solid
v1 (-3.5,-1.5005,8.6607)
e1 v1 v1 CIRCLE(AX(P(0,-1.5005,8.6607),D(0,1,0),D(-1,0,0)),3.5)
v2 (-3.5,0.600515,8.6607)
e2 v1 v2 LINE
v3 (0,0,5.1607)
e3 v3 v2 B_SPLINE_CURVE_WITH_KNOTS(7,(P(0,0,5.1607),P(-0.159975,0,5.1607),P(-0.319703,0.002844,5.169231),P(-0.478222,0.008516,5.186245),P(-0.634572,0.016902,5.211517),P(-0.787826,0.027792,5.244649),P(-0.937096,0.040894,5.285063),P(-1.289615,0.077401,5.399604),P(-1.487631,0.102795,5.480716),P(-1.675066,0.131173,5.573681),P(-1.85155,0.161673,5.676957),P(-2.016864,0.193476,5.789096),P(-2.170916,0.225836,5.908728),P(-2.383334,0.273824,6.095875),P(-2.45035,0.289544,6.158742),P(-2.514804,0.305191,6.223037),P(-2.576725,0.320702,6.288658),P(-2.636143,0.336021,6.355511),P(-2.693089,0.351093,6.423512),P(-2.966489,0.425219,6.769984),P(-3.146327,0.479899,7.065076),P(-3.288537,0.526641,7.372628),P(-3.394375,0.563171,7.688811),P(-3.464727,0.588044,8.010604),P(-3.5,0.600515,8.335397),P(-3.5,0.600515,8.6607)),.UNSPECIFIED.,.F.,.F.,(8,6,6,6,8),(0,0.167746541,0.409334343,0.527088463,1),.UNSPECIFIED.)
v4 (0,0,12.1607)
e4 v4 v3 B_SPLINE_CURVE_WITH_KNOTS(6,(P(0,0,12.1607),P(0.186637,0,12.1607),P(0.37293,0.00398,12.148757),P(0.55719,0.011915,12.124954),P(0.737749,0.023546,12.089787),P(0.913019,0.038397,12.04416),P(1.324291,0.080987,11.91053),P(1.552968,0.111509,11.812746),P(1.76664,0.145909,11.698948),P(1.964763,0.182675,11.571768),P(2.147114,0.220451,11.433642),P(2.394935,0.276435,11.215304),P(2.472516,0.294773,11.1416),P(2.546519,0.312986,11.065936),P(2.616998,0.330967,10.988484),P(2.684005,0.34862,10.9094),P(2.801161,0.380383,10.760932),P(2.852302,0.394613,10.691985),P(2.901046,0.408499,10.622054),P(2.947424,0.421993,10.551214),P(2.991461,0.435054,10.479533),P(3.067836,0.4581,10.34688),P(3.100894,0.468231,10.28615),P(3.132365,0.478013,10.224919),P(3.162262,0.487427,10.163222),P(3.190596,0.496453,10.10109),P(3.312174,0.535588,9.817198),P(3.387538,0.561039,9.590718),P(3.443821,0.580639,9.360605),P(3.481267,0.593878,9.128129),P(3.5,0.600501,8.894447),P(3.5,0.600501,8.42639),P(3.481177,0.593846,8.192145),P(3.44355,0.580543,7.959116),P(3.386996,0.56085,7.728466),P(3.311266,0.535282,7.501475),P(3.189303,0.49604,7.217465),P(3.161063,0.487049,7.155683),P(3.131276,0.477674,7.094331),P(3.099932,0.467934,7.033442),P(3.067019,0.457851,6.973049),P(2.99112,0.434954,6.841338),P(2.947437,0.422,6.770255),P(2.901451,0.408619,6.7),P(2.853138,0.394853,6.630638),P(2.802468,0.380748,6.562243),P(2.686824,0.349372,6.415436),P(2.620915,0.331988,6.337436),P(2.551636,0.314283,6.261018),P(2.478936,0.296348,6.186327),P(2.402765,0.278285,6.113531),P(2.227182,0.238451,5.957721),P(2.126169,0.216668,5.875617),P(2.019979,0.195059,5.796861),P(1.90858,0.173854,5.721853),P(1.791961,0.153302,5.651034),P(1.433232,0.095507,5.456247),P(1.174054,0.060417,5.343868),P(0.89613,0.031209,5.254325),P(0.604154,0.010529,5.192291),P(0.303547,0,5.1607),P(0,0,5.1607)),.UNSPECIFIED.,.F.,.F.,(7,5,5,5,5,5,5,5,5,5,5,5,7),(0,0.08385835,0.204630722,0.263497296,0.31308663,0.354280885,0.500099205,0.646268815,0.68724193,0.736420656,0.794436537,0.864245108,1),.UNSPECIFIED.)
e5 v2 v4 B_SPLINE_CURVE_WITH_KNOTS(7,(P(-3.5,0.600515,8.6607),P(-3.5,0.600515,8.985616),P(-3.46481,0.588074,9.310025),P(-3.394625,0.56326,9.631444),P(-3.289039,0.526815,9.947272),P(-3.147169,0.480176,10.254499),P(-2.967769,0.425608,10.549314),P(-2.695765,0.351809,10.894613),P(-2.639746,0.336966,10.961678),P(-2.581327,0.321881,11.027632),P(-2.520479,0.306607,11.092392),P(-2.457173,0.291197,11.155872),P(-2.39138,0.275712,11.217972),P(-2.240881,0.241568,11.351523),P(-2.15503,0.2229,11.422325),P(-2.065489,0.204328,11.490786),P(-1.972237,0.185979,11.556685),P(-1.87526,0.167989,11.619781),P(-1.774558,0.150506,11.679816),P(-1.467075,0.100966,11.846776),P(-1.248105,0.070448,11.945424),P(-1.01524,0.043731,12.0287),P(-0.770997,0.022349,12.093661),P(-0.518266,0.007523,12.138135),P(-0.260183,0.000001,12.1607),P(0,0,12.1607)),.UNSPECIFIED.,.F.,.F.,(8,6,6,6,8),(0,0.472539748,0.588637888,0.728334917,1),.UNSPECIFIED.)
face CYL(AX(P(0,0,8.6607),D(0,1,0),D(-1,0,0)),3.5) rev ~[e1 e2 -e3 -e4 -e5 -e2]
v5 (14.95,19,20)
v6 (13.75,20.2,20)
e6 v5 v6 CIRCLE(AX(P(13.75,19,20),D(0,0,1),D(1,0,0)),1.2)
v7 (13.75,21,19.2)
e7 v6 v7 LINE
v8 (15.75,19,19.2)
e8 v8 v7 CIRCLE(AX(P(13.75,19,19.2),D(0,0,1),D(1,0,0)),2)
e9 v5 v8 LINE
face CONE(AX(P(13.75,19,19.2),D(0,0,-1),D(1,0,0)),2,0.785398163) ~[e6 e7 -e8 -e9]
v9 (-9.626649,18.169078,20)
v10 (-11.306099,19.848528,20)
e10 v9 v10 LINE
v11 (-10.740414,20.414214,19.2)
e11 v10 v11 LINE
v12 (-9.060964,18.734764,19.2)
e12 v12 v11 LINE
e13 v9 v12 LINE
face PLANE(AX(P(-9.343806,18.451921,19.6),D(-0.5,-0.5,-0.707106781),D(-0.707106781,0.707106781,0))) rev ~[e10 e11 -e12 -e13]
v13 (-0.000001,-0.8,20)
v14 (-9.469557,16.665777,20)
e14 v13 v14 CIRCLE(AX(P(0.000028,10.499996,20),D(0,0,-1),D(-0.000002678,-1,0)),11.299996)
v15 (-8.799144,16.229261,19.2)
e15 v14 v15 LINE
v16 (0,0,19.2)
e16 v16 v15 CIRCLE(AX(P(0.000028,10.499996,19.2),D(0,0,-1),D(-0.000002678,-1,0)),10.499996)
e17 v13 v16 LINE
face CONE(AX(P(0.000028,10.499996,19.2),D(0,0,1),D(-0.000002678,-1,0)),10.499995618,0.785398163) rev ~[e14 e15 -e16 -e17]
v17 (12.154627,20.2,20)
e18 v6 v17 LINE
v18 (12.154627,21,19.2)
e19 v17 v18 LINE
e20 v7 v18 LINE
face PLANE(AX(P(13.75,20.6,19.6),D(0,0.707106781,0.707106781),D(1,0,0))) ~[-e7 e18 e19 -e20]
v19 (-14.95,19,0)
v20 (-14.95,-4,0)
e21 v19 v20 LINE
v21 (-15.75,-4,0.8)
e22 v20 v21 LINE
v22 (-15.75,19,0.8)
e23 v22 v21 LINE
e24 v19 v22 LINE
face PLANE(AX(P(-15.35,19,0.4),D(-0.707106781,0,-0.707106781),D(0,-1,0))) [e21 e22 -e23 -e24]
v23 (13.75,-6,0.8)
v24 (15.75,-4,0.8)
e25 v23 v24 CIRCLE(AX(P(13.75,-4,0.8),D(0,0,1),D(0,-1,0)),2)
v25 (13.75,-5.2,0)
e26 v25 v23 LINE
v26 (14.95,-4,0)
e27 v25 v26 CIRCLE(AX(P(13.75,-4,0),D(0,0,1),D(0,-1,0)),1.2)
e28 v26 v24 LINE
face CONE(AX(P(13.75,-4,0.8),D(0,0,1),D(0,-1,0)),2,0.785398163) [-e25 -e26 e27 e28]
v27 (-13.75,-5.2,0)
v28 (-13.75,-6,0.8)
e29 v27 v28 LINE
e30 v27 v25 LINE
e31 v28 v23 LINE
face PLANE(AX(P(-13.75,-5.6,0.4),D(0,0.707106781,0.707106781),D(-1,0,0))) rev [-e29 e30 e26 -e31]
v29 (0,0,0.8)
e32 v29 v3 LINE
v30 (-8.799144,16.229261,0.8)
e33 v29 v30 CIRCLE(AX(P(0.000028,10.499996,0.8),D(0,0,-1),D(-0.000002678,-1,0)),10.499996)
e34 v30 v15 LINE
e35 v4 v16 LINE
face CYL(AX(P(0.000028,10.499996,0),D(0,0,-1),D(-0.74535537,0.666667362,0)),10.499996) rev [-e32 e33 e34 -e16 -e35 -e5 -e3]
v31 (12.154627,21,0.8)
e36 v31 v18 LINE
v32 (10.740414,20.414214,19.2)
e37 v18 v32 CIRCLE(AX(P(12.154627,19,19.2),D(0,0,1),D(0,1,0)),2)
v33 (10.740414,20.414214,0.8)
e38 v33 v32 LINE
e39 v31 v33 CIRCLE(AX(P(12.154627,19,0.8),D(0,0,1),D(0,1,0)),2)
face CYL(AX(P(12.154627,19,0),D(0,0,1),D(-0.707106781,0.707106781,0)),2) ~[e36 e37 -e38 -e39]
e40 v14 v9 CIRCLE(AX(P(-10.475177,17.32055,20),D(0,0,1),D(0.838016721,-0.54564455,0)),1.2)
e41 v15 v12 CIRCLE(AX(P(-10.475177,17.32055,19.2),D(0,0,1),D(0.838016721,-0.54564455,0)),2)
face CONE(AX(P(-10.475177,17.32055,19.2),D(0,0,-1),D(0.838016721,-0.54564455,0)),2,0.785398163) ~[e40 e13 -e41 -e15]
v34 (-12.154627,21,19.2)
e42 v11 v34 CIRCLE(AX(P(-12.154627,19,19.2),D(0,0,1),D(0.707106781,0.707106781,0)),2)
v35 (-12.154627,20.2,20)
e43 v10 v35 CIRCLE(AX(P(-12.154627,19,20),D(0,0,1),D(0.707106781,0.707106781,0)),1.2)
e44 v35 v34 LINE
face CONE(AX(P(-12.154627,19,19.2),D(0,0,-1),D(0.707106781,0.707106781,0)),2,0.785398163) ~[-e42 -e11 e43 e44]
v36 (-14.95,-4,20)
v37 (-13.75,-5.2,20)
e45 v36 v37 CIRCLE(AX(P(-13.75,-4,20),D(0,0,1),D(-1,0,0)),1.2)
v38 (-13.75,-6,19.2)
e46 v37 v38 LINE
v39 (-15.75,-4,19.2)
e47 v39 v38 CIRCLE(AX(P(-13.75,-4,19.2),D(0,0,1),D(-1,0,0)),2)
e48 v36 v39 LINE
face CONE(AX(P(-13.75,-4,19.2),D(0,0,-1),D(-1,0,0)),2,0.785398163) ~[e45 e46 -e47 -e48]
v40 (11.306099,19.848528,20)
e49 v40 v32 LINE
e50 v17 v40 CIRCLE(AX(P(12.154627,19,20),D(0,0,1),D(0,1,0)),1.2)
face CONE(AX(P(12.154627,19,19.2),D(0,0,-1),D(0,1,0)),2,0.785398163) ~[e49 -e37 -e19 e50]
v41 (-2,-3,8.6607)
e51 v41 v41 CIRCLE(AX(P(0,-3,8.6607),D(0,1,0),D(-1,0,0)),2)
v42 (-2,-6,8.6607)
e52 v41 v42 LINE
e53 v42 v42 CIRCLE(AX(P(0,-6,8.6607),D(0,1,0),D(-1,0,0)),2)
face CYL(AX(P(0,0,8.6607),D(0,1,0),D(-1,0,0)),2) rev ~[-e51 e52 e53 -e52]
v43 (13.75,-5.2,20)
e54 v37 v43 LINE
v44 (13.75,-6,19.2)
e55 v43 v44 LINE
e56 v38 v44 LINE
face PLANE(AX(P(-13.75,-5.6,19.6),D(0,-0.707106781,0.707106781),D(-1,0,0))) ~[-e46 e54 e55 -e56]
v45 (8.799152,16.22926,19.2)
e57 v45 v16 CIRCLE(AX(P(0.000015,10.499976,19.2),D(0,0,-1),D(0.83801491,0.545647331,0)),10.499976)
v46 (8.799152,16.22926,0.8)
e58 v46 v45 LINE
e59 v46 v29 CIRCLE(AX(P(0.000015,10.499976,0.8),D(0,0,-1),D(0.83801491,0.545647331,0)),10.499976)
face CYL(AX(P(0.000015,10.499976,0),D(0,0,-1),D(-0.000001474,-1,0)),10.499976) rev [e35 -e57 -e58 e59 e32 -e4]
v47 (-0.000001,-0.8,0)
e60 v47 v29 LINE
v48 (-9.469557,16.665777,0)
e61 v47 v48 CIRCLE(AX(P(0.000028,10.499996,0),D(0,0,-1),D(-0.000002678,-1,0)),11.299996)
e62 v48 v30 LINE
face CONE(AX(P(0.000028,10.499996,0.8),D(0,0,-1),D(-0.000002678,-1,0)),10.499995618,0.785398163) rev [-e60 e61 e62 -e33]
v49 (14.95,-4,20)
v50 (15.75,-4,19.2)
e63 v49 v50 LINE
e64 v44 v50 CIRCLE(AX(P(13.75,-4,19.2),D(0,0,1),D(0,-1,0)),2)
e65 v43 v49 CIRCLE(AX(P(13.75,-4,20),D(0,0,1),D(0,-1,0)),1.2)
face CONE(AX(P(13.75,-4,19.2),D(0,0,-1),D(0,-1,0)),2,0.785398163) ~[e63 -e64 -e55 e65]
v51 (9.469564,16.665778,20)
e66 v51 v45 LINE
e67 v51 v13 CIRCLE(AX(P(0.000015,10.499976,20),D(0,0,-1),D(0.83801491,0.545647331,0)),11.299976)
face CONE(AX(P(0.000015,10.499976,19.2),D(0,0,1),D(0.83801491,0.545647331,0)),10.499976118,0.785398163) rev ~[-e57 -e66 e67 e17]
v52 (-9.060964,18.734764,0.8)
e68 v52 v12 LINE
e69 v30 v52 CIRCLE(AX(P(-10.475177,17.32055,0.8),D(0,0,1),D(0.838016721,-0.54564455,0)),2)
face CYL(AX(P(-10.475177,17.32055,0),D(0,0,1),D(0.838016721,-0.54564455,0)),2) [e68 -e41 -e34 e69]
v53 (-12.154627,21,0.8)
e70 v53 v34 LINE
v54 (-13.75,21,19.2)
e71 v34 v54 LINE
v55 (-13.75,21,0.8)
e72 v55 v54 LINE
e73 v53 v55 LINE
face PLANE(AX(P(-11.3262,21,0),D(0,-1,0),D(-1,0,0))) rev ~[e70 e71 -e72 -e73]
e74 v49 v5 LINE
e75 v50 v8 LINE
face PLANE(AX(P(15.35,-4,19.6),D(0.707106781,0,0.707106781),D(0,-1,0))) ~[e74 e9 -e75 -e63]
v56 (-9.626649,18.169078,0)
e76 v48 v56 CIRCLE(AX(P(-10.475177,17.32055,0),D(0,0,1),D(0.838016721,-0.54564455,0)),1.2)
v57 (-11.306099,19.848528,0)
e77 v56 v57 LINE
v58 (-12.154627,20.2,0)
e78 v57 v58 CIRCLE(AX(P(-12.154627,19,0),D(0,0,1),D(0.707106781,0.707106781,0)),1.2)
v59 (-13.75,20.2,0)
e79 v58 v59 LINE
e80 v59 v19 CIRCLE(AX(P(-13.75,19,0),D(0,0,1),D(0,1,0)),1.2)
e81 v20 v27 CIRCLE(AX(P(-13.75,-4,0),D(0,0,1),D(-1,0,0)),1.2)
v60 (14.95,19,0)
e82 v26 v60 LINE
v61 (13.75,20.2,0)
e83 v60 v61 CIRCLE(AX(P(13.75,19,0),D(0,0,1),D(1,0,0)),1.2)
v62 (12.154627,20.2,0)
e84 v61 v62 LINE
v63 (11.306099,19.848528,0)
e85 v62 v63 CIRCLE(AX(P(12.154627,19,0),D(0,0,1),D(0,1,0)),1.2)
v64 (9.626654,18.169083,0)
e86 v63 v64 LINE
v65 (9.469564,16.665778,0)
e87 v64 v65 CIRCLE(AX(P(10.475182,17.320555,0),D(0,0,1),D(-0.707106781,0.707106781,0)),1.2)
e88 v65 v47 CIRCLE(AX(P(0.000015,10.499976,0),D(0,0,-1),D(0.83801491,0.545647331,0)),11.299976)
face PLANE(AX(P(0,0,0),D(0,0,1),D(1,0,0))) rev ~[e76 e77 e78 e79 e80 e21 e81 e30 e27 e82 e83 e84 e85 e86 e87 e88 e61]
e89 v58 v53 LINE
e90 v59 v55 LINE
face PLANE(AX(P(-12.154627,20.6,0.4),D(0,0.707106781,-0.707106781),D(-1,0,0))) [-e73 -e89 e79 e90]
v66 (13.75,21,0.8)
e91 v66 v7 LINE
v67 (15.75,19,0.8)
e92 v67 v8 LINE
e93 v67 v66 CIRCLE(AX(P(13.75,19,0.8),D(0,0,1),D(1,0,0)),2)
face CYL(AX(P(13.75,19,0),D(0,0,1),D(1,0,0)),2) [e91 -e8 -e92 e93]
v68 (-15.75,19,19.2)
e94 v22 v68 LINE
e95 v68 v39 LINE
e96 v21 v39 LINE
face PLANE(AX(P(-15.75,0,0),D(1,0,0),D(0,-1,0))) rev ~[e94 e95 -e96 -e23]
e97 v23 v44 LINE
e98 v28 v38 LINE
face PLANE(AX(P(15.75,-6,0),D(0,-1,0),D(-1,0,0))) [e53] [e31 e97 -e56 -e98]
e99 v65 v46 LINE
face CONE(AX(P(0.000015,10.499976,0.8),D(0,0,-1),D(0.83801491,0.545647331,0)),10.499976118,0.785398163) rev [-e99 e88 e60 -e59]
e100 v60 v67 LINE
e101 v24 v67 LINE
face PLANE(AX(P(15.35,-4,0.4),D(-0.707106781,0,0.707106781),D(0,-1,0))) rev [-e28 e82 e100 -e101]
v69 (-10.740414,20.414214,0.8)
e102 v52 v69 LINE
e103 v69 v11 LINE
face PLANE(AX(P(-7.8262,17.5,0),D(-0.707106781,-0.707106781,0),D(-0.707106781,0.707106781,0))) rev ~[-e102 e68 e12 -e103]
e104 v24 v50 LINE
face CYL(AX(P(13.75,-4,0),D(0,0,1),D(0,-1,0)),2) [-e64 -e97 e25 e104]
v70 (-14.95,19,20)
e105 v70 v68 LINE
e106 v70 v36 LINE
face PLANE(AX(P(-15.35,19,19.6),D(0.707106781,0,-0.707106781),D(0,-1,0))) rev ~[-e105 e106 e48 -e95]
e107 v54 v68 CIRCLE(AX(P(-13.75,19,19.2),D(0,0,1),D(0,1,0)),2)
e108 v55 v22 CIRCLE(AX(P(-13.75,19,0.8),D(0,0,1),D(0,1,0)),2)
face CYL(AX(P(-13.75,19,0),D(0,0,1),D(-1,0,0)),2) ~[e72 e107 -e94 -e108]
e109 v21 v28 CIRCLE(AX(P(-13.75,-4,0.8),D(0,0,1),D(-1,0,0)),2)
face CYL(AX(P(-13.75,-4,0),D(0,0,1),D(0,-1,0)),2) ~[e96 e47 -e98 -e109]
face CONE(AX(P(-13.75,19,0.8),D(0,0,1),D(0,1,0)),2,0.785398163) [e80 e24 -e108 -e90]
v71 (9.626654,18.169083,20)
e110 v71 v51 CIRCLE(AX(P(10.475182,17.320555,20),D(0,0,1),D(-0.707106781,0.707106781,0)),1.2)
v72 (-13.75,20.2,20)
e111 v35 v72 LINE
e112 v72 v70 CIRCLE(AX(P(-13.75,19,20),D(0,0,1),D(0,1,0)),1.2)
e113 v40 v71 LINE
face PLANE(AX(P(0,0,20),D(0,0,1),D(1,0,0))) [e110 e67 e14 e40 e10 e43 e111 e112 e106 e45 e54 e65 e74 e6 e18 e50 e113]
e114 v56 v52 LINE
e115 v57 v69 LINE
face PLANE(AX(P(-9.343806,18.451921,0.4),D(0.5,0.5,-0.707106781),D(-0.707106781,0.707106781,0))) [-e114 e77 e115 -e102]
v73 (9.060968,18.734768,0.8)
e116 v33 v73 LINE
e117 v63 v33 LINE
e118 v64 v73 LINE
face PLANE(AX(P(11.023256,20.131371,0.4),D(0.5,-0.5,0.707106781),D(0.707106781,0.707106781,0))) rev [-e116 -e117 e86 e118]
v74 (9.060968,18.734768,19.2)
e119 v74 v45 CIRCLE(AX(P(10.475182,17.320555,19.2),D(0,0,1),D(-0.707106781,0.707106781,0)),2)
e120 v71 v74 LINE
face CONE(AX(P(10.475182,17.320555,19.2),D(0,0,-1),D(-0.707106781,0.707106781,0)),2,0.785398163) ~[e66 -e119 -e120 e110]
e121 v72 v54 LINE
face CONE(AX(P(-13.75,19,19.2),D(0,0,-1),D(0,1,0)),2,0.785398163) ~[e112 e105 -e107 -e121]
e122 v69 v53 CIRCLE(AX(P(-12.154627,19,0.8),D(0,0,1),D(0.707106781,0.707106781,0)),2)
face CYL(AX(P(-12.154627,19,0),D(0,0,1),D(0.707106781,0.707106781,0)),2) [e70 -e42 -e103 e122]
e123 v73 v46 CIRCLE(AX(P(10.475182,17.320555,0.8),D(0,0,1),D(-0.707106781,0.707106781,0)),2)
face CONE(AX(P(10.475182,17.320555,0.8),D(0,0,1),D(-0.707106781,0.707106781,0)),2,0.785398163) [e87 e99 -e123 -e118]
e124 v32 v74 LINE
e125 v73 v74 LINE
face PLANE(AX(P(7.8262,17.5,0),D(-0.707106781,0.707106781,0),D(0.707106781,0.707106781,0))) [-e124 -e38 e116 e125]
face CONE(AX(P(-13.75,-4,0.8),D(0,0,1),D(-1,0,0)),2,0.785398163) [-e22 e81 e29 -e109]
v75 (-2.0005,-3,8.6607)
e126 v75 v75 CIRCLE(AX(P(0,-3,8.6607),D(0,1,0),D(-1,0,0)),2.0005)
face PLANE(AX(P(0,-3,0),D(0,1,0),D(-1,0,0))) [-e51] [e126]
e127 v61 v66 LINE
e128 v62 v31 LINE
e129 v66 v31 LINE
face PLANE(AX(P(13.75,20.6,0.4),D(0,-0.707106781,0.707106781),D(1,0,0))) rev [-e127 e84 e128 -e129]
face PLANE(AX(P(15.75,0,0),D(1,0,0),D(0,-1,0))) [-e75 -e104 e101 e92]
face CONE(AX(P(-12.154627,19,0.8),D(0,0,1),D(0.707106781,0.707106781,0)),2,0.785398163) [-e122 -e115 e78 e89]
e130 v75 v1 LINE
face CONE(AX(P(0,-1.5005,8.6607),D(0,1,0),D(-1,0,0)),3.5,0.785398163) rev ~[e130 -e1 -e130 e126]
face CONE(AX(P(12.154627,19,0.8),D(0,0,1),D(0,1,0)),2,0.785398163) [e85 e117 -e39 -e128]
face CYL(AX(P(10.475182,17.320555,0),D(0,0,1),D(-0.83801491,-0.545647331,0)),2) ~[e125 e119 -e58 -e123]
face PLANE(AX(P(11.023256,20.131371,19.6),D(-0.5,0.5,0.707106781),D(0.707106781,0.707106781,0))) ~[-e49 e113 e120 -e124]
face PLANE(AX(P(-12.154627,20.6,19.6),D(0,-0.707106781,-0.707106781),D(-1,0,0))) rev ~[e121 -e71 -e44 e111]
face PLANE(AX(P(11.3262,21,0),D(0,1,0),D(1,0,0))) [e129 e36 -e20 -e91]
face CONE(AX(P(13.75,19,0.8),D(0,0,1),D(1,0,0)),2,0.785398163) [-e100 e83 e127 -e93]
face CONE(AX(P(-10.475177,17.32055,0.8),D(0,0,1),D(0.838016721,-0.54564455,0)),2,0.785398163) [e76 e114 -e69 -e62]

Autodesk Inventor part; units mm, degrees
ref_plane "YZ Plane" through (0, 0, 0) normal (1, 0, 0) x (0, 1, 0)
ref_plane "XZ Plane" through (0, 0, 0) normal (0, 1, 0) x (-1, 0, 0)
ref_plane "XY Plane" through (0, 0, 0) normal (0, 0, 1) x (1, 0, 0)
sketch "Sketch1" plane through (0, 0, 0) normal (0, 0, 1) x (1, 0, 0)
  arc A0 (0, 0) -> (7.8262, 17.5) centre (0, 10.5) ccw
  line L0 (0, 26.4) -> (0, -11.4) projected
  line L1 (-48.3956, 0) -> (48.6087, 0) projected
  line L2 (7.8262, 17.5) -> (11.3262, 21)
  line L3 (11.3262, 21) -> (15.75, 21)
  line L4 (15.75, 21) -> (15.75, -6)
  line L5 (15.75, -6) -> (0, -6)
  arc A1 (-7.8262, 17.5) -> (0, 0) centre (0, 10.5) ccw
  line L6 (48.3956, 0) -> (-48.6087, 0)
  line L7 (-7.8262, 17.5) -> (-11.3262, 21)
  line L8 (-11.3262, 21) -> (-15.75, 21)
  line L9 (-15.75, 21) -> (-15.75, -6)
  line L10 (-15.75, -6) -> (0, -6)
  dimension "d0" = 10.5
  dimension "d1" = 17.5
  dimension "d2" = 45
  dimension "d3" = 15.75
  dimension "d4" = 21
  dimension "d5" = 6
extrude "Extrusion1" add sketch "Sketch1" along normal blind 20
sketch "Sketch2" plane through (0, 0, 0) normal (0, 1, 0) x (-1, 0, 0)
  circle A0 centre (0, 8.6607) radius 2
  circle A1 centre (0, 8.6607) radius 3.5
  point P0 (0, 0)
  dimension "d8" = 7
  dimension "d9" = 4
extrude "Extrusion2" cut sketch "Sketch2" along normal through all both and the other way through all contours A0
extrude "Extrusion3" cut sketch "Sketch2" along normal blind 10 and the other way blind 3 contours A0 | A1
chamfer "Chamfer1" distance 1.5 angle 45 1 edges at (3.5, -3, 8.6607)
fillet "Fillet1" radius 2 8 edges at (-15.75, -6, 10) (15.75, -6, 10) (7.8262, 17.5, 10) (11.3262, 21, 10) (15.75, 21, 10) (-7.8262, 17.5, 10) (-11.3262, 21, 10) (-15.75, 21, 10)
chamfer "Chamfer2" distance 0.8 angle 45 32 edges at (-15.75, 7.5, 20) (-15.1642, -5.4142, 20) (0, -6, 20) (15.1642, -5.4142, 20) (15.75, 7.5, 20) (15.1642, 20.4142, 20) (12.9523, 21, 20) (11.3893, 20.8478, 20) (9.9007, 19.5745, 20) (8.486, 17.5284, 20) (0, 0, 20) (-8.486, 17.5284, 20) (-9.9007, 19.5745, 20) (-11.3893, 20.8478, 20) (-12.9523, 21, 20) (-15.1642, 20.4142, 20) (15.75, 7.5, 0) (15.1642, 20.4142, 0) (12.9523, 21, 0) (11.3893, 20.8478, 0) (9.9007, 19.5745, 0) (8.486, 17.5284, 0) (0, 0, 0) (-8.486, 17.5284, 0) (-9.9007, 19.5745, 0) (-11.3893, 20.8478, 0) (-12.9523, 21, 0) (-15.1642, 20.4142, 0) (-15.75, 7.5, 0) (-15.1642, -5.4142, 0) (0, -6, 0) (15.1642, -5.4142, 0)
equation "\"d1\" = 1.66667 * d0"
equation "\"d3\" = 1.5 * d0"
equation "\"d4\" = 2 * d0"
equation "\"D_Screw\" = 4"
equation "\"D_Screwhead\" = 6"
properties part number "_3DPrint"
